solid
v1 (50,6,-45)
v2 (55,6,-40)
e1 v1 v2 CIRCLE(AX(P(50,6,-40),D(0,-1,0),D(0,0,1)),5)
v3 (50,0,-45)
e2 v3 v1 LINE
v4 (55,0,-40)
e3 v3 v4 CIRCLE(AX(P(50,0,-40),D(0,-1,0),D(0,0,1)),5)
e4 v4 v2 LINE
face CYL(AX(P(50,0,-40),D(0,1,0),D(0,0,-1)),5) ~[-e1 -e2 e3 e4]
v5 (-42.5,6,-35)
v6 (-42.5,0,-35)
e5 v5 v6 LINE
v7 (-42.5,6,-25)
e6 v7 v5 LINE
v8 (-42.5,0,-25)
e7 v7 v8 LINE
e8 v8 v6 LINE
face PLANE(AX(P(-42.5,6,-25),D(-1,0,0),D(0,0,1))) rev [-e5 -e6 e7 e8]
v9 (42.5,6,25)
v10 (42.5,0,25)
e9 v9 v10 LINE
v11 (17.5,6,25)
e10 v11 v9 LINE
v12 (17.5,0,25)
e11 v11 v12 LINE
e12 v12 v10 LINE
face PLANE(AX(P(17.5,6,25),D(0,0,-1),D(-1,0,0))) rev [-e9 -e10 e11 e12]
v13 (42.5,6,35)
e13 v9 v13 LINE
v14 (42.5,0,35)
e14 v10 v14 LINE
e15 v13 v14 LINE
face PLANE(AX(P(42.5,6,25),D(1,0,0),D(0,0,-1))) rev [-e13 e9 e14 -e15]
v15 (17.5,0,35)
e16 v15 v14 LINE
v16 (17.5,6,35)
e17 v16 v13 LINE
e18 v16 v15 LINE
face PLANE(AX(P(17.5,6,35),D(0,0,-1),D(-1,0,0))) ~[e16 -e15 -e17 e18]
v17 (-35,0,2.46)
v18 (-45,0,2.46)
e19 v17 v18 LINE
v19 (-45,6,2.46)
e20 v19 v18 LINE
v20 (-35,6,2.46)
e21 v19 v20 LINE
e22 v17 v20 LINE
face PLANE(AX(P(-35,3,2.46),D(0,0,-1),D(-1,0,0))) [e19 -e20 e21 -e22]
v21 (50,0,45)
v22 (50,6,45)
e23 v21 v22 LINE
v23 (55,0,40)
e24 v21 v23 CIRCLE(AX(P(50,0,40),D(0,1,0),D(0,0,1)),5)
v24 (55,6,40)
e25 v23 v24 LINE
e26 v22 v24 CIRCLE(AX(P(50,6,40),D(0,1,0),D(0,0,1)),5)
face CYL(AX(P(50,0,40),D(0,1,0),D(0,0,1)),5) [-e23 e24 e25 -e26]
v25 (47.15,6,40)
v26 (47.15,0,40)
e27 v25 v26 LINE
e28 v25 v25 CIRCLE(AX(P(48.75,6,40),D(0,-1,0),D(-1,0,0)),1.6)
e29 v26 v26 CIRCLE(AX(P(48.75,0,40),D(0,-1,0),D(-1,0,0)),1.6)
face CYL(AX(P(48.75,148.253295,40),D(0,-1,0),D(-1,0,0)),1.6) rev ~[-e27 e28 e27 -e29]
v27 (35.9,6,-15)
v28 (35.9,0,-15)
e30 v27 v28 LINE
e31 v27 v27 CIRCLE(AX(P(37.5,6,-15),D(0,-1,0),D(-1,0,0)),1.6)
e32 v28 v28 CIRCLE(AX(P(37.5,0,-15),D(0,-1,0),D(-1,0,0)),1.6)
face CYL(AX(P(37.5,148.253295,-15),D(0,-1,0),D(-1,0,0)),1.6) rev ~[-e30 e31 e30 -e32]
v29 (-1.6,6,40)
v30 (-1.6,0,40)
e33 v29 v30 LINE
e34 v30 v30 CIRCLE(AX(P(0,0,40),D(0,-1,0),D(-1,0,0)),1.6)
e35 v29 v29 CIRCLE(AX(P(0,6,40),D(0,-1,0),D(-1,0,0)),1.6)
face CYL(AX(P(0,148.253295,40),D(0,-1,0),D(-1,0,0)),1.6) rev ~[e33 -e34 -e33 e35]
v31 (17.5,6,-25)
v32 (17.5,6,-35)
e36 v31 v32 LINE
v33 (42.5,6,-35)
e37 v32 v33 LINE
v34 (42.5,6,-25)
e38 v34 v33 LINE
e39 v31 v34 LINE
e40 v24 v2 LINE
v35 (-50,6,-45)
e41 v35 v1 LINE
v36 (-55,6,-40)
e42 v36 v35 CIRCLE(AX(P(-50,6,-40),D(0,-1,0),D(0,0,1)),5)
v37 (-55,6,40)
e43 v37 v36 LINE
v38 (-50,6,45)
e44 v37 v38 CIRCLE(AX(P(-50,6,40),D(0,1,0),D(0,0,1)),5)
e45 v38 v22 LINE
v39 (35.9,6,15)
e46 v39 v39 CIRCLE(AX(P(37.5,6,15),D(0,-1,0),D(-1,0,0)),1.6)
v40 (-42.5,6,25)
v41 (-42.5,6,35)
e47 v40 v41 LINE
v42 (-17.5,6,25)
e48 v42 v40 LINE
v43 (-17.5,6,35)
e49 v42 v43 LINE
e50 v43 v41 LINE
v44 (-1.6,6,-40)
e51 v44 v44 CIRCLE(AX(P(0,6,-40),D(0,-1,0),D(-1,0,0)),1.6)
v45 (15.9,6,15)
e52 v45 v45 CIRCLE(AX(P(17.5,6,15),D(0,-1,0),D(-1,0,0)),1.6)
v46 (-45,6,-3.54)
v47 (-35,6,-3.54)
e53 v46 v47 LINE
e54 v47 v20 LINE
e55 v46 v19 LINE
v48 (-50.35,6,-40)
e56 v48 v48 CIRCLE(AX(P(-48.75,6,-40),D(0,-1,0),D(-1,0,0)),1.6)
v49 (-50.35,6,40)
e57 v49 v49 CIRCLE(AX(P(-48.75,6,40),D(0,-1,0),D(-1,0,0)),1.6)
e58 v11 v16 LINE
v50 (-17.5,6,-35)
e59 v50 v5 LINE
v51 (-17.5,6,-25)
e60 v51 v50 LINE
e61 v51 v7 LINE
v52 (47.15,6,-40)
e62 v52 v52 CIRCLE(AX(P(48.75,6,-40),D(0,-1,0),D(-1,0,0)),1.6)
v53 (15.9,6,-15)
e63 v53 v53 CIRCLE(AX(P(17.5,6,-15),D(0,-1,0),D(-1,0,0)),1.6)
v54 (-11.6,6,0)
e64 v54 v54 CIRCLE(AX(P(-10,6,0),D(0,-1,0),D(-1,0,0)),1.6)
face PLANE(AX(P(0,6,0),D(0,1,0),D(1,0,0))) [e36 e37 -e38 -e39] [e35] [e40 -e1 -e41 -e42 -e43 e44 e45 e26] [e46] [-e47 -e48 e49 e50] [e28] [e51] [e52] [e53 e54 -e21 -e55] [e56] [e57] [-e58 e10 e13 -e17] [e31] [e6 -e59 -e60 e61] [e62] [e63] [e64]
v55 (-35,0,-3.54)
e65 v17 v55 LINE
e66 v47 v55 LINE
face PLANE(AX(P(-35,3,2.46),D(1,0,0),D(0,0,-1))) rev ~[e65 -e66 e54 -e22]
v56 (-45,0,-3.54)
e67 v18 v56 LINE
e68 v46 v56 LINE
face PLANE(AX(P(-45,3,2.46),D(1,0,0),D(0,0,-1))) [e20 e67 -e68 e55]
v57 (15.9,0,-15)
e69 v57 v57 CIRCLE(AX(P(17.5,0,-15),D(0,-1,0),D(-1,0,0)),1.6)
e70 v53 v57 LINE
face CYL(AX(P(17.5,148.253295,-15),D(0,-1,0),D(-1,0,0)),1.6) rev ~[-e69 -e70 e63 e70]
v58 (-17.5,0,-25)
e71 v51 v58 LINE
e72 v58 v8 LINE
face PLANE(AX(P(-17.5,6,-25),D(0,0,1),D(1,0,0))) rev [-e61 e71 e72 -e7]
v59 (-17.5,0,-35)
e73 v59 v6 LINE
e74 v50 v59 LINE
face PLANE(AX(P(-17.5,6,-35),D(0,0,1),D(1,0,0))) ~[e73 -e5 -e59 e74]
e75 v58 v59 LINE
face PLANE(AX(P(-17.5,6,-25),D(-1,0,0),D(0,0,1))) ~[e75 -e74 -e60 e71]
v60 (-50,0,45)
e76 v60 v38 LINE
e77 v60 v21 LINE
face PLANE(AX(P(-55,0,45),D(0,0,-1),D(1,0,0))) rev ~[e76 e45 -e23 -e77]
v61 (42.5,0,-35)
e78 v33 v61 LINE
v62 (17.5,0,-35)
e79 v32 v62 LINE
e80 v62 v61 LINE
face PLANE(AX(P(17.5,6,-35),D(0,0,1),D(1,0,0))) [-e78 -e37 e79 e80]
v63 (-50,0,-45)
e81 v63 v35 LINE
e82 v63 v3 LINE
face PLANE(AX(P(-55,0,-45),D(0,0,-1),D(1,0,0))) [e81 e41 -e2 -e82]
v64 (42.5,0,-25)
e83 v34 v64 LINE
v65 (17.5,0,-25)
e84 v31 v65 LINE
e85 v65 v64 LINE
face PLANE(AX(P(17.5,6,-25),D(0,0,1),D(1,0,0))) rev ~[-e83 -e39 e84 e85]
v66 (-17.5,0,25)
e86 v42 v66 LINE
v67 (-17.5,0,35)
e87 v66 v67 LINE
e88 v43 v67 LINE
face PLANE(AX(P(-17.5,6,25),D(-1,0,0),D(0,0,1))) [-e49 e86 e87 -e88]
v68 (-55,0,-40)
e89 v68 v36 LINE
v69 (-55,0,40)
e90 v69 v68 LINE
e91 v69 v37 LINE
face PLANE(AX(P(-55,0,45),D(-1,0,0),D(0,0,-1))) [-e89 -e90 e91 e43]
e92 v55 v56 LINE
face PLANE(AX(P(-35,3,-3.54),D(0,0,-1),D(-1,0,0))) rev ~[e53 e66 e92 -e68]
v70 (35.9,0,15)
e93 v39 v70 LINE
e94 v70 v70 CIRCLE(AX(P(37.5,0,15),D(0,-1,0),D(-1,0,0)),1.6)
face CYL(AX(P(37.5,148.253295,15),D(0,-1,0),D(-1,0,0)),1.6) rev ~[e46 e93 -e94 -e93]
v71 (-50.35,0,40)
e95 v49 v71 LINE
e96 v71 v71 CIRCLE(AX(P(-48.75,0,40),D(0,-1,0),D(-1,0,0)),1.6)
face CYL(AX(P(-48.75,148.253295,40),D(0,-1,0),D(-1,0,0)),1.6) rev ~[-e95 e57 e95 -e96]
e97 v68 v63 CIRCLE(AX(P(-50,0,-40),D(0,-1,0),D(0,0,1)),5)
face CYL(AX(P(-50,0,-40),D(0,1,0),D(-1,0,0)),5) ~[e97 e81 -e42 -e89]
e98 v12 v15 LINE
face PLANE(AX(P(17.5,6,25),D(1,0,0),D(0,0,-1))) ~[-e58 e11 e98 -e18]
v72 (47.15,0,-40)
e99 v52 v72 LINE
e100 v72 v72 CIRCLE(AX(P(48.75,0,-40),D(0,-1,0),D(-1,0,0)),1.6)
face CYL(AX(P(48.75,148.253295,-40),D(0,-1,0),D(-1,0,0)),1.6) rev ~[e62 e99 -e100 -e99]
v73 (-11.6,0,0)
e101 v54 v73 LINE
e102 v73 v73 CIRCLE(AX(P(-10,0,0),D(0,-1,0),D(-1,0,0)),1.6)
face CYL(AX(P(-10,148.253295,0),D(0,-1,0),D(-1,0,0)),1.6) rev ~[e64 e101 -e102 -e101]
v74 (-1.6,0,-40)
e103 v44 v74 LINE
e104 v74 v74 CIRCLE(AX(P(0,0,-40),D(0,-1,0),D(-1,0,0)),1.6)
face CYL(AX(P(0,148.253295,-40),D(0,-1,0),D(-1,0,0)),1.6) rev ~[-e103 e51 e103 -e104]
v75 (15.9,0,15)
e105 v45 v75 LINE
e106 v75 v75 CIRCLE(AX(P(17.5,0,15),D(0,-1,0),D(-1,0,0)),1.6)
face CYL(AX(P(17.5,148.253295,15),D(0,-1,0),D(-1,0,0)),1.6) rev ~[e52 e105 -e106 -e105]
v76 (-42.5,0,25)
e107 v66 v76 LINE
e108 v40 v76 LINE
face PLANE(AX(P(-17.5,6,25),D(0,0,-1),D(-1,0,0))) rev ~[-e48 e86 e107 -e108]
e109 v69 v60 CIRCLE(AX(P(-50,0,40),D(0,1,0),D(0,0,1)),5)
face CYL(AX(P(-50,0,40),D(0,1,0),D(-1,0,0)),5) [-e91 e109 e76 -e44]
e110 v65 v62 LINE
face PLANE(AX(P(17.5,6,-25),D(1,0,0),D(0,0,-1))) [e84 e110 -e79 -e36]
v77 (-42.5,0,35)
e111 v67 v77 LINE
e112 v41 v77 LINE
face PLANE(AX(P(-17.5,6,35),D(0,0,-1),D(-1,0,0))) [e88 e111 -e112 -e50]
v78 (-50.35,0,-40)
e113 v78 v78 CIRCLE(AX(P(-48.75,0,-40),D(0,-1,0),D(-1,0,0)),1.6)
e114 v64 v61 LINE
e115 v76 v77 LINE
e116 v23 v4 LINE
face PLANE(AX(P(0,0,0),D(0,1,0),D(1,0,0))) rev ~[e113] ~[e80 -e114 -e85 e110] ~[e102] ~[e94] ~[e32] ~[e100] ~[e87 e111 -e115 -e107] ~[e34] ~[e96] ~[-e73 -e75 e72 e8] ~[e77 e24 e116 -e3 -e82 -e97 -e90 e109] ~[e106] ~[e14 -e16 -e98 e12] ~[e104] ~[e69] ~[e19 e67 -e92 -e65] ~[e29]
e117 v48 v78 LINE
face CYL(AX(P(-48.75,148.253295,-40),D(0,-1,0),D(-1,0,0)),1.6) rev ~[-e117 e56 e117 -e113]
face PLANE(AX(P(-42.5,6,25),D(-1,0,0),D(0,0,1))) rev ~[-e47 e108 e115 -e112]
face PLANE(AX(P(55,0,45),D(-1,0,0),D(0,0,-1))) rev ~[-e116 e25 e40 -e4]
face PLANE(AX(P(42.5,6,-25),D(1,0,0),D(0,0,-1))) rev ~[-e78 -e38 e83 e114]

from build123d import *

# Parameters (mm, degrees)
SKETCH1_W                = 110
SKETCH1_H                = 90
BOSS_EXTRUDE1_DEPTH      = 6
SKETCH2_W                = 25
SKETCH2_H                = 10
CUT_EXTRUDE1_DEPTH       = 7
MIRROR2_COPY_1_SKETCH_W  = 25
MIRROR2_COPY_1_SKETCH_H  = 10
MIRROR2_COPY_1_DEPTH     = 7
M3_CLEARANCE_HOLE1_D     = 3.2
M3_CLEARANCE_HOLE2_D     = 3.2
FILLET1_R                = 5
SKETCH62_W               = 10
SKETCH62_H               = 6
CUT_EXTRUDE12_DEPTH      = 4
CUT_EXTRUDE12_DEPTH_BACK = 4


with BuildPart() as part:
    # Sketch1 → Boss-Extrude1 (new body)
    with BuildSketch(Plane(origin=(0, 0, 0), x_dir=(1, 0, 0), z_dir=(0, 1, 0))):
        Rectangle(SKETCH1_W, SKETCH1_H)
    extrude(amount=BOSS_EXTRUDE1_DEPTH)

    # Sketch2 → Cut-Extrude1 (cut, through all)
    with BuildSketch(Plane(origin=(0, 6, 0), x_dir=(1, 0, 0), z_dir=(0, 1, 0))):
        with Locations((30, 30)):
            Rectangle(SKETCH2_W, SKETCH2_H)
    cut_extrude1 = extrude(amount=-CUT_EXTRUDE1_DEPTH, mode=Mode.SUBTRACT)

    # Mirror1: Cut-Extrude1 across plane
    add(cut_extrude1.mirror(Plane.XY), mode=Mode.SUBTRACT)

    # Mirror2: Cut-Extrude1 across plane
    add(cut_extrude1.mirror(Plane(origin=(0, 0, 0), x_dir=(0, 0, 1), z_dir=(1, 0, 0))), mode=Mode.SUBTRACT)

    # Mirror2 copy 1 sketch → Mirror2 copy 1 (cut, through all)
    with BuildSketch(Plane(origin=(0, 6, 0), x_dir=(-1, 0, 0), z_dir=(0, 1, 0))):
        with Locations((30, 30)):
            Rectangle(MIRROR2_COPY_1_SKETCH_W, MIRROR2_COPY_1_SKETCH_H)
    extrude(amount=-MIRROR2_COPY_1_DEPTH, mode=Mode.SUBTRACT)

    # M3 Clearance Hole1 (through all)
    with Locations(Plane(origin=(0, 6, 0), x_dir=(1, 0, 0), z_dir=(0, 1, 0))):
        with Locations((17.5, 15), (37.5, 15), (17.5, -15), (37.5, -15)):
            Hole(M3_CLEARANCE_HOLE1_D / 2)

    # M3 Clearance Hole2 (through all)
    with Locations(Plane(origin=(0, 6, 0), x_dir=(1, 0, 0), z_dir=(0, 1, 0))):
        with Locations((48.75, 40), (0, 40), (-48.75, 40), (-48.75, -40), (0, -40), (48.75, -40), (-10, 0)):
            Hole(M3_CLEARANCE_HOLE2_D / 2)

    # Fillet1
    fillet1_edges = [part.edges().sort_by_distance(p)[0] for p in [
        (55, 3, 45),
        (-55, 3, 45),
        (-55, 3, -45),
        (55, 3, -45),
    ]]
    fillet(fillet1_edges, radius=FILLET1_R)

    # Sketch62 → Cut-Extrude12 (cut, two sides)
    with BuildSketch(Plane(origin=(-39.232221392, 3, -44.54), x_dir=(-1, 0, 0), z_dir=(0, -1, 0))) as cut_extrude12_sk:
        with Locations((0.767778608, -44)):
            Rectangle(SKETCH62_W, SKETCH62_H)
    extrude(amount=CUT_EXTRUDE12_DEPTH, mode=Mode.SUBTRACT)
    extrude(cut_extrude12_sk.sketch, amount=-CUT_EXTRUDE12_DEPTH_BACK, mode=Mode.SUBTRACT)


solid = part.part
